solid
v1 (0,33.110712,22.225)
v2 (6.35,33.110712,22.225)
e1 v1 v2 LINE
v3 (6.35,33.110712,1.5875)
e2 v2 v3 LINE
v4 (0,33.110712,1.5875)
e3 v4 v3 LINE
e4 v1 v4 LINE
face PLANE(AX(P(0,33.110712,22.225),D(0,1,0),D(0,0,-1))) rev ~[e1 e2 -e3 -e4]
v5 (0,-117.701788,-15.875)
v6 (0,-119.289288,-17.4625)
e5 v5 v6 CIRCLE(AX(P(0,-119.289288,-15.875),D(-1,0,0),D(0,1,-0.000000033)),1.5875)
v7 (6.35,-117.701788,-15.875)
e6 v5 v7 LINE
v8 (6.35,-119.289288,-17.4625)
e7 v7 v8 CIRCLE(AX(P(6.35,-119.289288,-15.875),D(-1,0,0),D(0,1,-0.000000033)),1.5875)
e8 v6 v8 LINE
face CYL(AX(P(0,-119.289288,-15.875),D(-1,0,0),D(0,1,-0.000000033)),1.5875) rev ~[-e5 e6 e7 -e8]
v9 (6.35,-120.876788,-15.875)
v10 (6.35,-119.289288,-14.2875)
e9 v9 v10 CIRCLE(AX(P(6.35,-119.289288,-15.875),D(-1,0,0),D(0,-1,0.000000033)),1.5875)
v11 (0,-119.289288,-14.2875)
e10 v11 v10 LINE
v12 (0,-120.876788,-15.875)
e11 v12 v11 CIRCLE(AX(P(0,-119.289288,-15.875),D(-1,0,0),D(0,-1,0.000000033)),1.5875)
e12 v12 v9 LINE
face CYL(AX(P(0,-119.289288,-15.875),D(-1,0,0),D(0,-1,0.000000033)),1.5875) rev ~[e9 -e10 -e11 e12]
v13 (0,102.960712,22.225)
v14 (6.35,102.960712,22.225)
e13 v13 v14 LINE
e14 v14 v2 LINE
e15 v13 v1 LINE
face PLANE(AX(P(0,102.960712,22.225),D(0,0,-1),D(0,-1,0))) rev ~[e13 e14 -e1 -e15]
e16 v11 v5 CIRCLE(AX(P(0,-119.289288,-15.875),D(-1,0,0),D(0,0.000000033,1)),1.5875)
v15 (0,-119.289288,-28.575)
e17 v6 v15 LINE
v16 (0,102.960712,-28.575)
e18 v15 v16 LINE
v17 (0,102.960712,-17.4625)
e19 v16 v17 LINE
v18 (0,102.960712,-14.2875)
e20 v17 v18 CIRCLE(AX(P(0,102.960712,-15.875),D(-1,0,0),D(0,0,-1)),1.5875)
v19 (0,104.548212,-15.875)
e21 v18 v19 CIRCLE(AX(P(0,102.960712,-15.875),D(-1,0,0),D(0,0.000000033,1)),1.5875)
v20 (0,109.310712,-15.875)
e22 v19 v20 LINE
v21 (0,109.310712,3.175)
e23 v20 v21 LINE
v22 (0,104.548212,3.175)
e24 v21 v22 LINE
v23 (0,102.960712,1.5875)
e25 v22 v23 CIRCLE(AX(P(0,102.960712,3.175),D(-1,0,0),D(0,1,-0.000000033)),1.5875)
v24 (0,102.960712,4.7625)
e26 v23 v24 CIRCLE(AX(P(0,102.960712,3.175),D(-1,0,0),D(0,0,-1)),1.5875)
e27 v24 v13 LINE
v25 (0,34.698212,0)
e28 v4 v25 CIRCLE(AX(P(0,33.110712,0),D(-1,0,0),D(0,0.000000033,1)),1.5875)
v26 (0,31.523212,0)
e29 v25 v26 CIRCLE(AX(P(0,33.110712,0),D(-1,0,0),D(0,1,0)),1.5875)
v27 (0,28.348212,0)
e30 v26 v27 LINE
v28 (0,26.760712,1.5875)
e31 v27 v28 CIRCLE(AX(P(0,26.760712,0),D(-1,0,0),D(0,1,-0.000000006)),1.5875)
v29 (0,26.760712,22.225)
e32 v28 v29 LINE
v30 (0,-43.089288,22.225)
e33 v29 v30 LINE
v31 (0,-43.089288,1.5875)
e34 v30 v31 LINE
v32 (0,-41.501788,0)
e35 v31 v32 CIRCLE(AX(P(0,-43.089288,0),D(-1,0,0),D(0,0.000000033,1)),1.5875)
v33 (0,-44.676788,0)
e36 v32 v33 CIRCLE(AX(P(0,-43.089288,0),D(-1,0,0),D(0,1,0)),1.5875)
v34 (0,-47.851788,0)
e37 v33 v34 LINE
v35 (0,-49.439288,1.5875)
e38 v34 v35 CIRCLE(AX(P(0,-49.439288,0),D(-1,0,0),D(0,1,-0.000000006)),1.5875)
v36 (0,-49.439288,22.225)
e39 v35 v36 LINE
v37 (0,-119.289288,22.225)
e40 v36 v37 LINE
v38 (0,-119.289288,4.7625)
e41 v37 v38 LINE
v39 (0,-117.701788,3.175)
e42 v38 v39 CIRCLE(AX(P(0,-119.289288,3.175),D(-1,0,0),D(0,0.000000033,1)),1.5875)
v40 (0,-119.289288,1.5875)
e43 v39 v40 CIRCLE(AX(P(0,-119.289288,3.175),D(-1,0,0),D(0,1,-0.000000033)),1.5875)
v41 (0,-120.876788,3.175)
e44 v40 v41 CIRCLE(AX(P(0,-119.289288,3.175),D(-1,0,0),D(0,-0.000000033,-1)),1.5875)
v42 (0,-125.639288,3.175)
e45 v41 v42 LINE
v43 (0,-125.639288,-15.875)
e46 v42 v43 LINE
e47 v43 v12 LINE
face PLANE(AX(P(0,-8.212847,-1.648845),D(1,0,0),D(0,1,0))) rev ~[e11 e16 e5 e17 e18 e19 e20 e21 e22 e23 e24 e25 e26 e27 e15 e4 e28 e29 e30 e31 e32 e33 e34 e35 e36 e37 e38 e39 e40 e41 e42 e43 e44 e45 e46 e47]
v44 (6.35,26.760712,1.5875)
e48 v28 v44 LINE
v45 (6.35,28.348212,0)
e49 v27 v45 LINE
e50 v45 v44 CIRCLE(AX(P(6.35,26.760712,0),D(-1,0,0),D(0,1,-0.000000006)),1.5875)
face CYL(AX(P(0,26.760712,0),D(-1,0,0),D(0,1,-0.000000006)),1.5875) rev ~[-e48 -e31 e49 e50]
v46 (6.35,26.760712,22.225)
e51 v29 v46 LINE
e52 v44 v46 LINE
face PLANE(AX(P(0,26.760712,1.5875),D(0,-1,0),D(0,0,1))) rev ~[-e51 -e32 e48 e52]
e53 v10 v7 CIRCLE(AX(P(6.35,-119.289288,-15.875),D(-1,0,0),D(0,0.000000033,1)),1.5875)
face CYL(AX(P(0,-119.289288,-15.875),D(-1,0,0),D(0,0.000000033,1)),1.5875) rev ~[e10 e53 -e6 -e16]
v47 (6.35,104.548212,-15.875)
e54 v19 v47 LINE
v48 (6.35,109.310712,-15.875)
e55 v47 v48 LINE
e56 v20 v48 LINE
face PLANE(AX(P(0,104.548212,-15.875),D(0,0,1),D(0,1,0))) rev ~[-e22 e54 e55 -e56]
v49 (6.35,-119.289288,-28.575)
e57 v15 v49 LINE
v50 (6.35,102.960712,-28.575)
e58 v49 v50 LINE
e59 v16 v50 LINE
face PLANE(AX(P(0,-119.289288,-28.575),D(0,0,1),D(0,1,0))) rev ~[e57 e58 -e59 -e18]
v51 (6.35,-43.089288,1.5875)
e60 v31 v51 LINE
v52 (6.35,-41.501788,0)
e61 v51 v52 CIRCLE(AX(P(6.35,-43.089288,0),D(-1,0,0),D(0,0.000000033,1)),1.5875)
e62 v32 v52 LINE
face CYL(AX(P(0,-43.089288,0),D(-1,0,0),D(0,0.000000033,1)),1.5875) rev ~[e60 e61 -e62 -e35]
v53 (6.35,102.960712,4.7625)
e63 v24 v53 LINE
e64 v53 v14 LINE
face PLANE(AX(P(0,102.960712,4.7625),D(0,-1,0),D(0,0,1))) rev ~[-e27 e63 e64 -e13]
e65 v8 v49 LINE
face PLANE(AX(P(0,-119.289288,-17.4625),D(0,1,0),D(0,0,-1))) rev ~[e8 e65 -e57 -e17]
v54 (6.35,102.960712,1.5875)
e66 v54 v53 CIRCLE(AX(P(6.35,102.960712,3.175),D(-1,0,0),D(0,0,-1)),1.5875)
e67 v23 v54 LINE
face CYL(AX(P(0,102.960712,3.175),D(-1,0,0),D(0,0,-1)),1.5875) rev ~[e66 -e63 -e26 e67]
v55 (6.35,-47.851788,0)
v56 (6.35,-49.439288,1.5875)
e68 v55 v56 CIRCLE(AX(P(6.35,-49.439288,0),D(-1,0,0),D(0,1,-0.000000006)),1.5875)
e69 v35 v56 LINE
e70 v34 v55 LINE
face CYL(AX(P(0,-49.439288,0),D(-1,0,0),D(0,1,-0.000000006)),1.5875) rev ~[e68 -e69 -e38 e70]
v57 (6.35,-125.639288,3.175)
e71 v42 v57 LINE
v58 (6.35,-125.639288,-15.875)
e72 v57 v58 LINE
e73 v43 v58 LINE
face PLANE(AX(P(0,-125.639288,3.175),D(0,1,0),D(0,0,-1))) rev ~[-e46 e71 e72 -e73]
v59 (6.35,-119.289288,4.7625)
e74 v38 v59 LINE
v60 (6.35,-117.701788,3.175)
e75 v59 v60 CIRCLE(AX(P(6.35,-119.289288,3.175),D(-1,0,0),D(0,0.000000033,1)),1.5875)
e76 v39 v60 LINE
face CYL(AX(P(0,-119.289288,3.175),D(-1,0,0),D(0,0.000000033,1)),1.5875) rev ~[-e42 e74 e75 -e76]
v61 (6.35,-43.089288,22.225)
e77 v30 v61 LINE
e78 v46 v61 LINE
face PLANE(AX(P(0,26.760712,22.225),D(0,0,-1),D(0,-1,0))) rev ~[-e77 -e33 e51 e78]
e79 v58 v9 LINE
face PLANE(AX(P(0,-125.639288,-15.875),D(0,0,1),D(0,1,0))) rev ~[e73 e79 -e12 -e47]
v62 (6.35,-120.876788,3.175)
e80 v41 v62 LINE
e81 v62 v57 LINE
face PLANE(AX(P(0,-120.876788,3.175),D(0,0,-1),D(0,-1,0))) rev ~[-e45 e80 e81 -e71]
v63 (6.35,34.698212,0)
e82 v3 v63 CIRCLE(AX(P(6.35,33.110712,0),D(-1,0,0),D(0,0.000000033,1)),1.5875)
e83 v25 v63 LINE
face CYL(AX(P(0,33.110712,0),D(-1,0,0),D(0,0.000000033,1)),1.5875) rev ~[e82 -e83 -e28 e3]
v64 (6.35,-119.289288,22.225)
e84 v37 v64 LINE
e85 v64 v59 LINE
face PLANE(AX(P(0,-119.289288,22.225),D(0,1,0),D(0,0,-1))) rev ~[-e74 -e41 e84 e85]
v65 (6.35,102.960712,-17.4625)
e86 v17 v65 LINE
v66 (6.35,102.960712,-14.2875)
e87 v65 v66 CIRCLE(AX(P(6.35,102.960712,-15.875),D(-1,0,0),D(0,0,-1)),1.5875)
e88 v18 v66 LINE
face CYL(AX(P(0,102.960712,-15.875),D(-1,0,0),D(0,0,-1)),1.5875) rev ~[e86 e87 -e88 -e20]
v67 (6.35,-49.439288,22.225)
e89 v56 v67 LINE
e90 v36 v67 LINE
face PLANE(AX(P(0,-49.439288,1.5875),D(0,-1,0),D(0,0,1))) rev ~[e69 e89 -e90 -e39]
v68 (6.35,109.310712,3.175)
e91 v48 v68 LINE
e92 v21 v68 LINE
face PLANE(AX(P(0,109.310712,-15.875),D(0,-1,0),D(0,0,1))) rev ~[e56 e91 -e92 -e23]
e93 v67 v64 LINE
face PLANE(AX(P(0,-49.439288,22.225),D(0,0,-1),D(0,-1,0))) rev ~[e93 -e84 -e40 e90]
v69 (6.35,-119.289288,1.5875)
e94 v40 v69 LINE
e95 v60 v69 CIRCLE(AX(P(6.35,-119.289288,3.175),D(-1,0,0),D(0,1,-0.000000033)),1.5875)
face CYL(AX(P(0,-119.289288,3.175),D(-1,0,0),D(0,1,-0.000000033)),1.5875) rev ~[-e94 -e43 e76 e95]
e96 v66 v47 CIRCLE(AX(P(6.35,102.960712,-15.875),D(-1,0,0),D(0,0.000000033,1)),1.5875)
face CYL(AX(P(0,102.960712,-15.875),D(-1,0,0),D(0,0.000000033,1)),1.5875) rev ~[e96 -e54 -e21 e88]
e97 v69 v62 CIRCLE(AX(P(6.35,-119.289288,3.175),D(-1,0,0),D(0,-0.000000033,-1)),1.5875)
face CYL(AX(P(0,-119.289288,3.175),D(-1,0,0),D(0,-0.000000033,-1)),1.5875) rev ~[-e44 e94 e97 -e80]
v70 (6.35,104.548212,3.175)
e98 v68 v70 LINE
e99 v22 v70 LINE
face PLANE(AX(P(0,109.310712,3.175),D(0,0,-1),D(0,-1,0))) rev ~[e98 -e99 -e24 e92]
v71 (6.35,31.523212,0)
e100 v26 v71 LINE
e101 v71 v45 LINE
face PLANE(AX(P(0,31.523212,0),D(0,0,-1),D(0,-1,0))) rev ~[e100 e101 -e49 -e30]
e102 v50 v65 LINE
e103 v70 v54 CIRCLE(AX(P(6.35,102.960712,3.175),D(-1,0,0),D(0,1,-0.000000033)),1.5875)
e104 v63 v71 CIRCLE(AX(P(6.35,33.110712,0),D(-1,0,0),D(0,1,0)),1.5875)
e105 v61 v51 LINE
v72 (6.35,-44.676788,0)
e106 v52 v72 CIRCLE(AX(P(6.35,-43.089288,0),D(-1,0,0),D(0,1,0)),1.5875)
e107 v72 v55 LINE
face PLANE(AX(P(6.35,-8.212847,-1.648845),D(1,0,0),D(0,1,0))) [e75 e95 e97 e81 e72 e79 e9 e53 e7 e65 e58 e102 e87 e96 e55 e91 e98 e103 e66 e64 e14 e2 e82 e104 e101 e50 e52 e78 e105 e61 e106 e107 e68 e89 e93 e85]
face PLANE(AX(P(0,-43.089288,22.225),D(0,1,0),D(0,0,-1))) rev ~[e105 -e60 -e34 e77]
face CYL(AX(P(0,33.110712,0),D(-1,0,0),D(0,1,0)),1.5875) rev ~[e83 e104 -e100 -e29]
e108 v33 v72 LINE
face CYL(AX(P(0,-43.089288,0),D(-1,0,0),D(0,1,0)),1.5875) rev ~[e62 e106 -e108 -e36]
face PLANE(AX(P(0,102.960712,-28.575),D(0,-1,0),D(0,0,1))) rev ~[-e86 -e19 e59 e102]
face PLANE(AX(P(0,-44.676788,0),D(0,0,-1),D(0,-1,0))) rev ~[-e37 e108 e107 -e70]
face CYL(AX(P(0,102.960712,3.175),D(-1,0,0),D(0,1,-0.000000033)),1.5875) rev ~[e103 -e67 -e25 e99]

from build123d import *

# Parameters (mm, degrees)
F1_DEPTH = 6.35


with BuildPart() as f1:
    # F0 (on Right) → F1 (new body)
    with BuildSketch(Plane.YZ):
        with BuildLine():
            Line((-49.439288, 22.225), (-119.289288, 22.225))
            Line((-119.289288, 22.225), (-119.289288, 4.7625))
            ThreePointArc((-119.289288, 4.7625), (-118.166756, 4.297532), (-117.701788, 3.175))
            ThreePointArc((-117.701788, 3.175), (-118.166756, 2.052468), (-119.289288, 1.5875))
            Line((-119.289288, 1.5875), (-119.289288, -14.2875))
            ThreePointArc((-119.289288, -14.2875), (-118.166756, -14.752468), (-117.701788, -15.875))
            ThreePointArc((-117.701788, -15.875), (-118.166756, -16.997532), (-119.289288, -17.4625))
            Line((-119.289288, -17.4625), (-119.289288, -28.575))
            Line((-119.289288, -28.575), (102.960712, -28.575))
            Line((102.960712, -28.575), (102.960712, -17.4625))
            ThreePointArc((102.960712, -17.4625), (101.373212, -15.875), (102.960712, -14.2875))
            Line((102.960712, -14.2875), (102.960712, 1.5875))
            ThreePointArc((102.960712, 1.5875), (101.373212, 3.175), (102.960712, 4.7625))
            Line((102.960712, 4.7625), (102.960712, 22.225))
            Line((102.960712, 22.225), (33.110712, 22.225))
            Line((33.110712, 22.225), (33.110712, 1.5875))
            ThreePointArc((33.110712, 1.5875), (34.233244, 1.122532), (34.698212, 0))
            ThreePointArc((34.698212, 0), (33.110712, -1.5875), (31.523212, 0))
            Line((31.523212, 0), (28.348212, 0))
            ThreePointArc((28.348212, 0), (25.63818, -1.122532), (26.760712, 1.5875))
            Line((26.760712, 1.5875), (26.760712, 22.225))
            Line((26.760712, 22.225), (-43.089288, 22.225))
            Line((-43.089288, 22.225), (-43.089288, 1.5875))
            ThreePointArc((-43.089288, 1.5875), (-41.966756, 1.122532), (-41.501788, 0))
            ThreePointArc((-41.501788, 0), (-43.089288, -1.5875), (-44.676788, 0))
            Line((-44.676788, 0), (-47.851788, 0))
            ThreePointArc((-47.851788, 0), (-50.56182, -1.122532), (-49.439288, 1.5875))
            Line((-49.439288, 1.5875), (-49.439288, 22.225))
        make_face()
        with BuildLine():
            ThreePointArc((-119.289288, 1.5875), (-120.41182, 2.052468), (-120.876788, 3.175))
            Line((-120.876788, 3.175), (-125.639288, 3.175))
            Line((-125.639288, 3.175), (-125.639288, -15.875))
            Line((-125.639288, -15.875), (-120.876788, -15.875))
            ThreePointArc((-120.876788, -15.875), (-120.41182, -14.752468), (-119.289288, -14.2875))
            Line((-119.289288, -14.2875), (-119.289288, 1.5875))
        make_face()
        with BuildLine():
            Line((109.310712, 3.175), (104.548212, 3.175))
            ThreePointArc((104.548212, 3.175), (104.083244, 2.052468), (102.960712, 1.5875))
            Line((102.960712, 1.5875), (102.960712, -14.2875))
            ThreePointArc((102.960712, -14.2875), (104.083244, -14.752468), (104.548212, -15.875))
            Line((104.548212, -15.875), (109.310712, -15.875))
            Line((109.310712, -15.875), (109.310712, 3.175))
        make_face()
    extrude(amount=F1_DEPTH)


solid = f1.part
